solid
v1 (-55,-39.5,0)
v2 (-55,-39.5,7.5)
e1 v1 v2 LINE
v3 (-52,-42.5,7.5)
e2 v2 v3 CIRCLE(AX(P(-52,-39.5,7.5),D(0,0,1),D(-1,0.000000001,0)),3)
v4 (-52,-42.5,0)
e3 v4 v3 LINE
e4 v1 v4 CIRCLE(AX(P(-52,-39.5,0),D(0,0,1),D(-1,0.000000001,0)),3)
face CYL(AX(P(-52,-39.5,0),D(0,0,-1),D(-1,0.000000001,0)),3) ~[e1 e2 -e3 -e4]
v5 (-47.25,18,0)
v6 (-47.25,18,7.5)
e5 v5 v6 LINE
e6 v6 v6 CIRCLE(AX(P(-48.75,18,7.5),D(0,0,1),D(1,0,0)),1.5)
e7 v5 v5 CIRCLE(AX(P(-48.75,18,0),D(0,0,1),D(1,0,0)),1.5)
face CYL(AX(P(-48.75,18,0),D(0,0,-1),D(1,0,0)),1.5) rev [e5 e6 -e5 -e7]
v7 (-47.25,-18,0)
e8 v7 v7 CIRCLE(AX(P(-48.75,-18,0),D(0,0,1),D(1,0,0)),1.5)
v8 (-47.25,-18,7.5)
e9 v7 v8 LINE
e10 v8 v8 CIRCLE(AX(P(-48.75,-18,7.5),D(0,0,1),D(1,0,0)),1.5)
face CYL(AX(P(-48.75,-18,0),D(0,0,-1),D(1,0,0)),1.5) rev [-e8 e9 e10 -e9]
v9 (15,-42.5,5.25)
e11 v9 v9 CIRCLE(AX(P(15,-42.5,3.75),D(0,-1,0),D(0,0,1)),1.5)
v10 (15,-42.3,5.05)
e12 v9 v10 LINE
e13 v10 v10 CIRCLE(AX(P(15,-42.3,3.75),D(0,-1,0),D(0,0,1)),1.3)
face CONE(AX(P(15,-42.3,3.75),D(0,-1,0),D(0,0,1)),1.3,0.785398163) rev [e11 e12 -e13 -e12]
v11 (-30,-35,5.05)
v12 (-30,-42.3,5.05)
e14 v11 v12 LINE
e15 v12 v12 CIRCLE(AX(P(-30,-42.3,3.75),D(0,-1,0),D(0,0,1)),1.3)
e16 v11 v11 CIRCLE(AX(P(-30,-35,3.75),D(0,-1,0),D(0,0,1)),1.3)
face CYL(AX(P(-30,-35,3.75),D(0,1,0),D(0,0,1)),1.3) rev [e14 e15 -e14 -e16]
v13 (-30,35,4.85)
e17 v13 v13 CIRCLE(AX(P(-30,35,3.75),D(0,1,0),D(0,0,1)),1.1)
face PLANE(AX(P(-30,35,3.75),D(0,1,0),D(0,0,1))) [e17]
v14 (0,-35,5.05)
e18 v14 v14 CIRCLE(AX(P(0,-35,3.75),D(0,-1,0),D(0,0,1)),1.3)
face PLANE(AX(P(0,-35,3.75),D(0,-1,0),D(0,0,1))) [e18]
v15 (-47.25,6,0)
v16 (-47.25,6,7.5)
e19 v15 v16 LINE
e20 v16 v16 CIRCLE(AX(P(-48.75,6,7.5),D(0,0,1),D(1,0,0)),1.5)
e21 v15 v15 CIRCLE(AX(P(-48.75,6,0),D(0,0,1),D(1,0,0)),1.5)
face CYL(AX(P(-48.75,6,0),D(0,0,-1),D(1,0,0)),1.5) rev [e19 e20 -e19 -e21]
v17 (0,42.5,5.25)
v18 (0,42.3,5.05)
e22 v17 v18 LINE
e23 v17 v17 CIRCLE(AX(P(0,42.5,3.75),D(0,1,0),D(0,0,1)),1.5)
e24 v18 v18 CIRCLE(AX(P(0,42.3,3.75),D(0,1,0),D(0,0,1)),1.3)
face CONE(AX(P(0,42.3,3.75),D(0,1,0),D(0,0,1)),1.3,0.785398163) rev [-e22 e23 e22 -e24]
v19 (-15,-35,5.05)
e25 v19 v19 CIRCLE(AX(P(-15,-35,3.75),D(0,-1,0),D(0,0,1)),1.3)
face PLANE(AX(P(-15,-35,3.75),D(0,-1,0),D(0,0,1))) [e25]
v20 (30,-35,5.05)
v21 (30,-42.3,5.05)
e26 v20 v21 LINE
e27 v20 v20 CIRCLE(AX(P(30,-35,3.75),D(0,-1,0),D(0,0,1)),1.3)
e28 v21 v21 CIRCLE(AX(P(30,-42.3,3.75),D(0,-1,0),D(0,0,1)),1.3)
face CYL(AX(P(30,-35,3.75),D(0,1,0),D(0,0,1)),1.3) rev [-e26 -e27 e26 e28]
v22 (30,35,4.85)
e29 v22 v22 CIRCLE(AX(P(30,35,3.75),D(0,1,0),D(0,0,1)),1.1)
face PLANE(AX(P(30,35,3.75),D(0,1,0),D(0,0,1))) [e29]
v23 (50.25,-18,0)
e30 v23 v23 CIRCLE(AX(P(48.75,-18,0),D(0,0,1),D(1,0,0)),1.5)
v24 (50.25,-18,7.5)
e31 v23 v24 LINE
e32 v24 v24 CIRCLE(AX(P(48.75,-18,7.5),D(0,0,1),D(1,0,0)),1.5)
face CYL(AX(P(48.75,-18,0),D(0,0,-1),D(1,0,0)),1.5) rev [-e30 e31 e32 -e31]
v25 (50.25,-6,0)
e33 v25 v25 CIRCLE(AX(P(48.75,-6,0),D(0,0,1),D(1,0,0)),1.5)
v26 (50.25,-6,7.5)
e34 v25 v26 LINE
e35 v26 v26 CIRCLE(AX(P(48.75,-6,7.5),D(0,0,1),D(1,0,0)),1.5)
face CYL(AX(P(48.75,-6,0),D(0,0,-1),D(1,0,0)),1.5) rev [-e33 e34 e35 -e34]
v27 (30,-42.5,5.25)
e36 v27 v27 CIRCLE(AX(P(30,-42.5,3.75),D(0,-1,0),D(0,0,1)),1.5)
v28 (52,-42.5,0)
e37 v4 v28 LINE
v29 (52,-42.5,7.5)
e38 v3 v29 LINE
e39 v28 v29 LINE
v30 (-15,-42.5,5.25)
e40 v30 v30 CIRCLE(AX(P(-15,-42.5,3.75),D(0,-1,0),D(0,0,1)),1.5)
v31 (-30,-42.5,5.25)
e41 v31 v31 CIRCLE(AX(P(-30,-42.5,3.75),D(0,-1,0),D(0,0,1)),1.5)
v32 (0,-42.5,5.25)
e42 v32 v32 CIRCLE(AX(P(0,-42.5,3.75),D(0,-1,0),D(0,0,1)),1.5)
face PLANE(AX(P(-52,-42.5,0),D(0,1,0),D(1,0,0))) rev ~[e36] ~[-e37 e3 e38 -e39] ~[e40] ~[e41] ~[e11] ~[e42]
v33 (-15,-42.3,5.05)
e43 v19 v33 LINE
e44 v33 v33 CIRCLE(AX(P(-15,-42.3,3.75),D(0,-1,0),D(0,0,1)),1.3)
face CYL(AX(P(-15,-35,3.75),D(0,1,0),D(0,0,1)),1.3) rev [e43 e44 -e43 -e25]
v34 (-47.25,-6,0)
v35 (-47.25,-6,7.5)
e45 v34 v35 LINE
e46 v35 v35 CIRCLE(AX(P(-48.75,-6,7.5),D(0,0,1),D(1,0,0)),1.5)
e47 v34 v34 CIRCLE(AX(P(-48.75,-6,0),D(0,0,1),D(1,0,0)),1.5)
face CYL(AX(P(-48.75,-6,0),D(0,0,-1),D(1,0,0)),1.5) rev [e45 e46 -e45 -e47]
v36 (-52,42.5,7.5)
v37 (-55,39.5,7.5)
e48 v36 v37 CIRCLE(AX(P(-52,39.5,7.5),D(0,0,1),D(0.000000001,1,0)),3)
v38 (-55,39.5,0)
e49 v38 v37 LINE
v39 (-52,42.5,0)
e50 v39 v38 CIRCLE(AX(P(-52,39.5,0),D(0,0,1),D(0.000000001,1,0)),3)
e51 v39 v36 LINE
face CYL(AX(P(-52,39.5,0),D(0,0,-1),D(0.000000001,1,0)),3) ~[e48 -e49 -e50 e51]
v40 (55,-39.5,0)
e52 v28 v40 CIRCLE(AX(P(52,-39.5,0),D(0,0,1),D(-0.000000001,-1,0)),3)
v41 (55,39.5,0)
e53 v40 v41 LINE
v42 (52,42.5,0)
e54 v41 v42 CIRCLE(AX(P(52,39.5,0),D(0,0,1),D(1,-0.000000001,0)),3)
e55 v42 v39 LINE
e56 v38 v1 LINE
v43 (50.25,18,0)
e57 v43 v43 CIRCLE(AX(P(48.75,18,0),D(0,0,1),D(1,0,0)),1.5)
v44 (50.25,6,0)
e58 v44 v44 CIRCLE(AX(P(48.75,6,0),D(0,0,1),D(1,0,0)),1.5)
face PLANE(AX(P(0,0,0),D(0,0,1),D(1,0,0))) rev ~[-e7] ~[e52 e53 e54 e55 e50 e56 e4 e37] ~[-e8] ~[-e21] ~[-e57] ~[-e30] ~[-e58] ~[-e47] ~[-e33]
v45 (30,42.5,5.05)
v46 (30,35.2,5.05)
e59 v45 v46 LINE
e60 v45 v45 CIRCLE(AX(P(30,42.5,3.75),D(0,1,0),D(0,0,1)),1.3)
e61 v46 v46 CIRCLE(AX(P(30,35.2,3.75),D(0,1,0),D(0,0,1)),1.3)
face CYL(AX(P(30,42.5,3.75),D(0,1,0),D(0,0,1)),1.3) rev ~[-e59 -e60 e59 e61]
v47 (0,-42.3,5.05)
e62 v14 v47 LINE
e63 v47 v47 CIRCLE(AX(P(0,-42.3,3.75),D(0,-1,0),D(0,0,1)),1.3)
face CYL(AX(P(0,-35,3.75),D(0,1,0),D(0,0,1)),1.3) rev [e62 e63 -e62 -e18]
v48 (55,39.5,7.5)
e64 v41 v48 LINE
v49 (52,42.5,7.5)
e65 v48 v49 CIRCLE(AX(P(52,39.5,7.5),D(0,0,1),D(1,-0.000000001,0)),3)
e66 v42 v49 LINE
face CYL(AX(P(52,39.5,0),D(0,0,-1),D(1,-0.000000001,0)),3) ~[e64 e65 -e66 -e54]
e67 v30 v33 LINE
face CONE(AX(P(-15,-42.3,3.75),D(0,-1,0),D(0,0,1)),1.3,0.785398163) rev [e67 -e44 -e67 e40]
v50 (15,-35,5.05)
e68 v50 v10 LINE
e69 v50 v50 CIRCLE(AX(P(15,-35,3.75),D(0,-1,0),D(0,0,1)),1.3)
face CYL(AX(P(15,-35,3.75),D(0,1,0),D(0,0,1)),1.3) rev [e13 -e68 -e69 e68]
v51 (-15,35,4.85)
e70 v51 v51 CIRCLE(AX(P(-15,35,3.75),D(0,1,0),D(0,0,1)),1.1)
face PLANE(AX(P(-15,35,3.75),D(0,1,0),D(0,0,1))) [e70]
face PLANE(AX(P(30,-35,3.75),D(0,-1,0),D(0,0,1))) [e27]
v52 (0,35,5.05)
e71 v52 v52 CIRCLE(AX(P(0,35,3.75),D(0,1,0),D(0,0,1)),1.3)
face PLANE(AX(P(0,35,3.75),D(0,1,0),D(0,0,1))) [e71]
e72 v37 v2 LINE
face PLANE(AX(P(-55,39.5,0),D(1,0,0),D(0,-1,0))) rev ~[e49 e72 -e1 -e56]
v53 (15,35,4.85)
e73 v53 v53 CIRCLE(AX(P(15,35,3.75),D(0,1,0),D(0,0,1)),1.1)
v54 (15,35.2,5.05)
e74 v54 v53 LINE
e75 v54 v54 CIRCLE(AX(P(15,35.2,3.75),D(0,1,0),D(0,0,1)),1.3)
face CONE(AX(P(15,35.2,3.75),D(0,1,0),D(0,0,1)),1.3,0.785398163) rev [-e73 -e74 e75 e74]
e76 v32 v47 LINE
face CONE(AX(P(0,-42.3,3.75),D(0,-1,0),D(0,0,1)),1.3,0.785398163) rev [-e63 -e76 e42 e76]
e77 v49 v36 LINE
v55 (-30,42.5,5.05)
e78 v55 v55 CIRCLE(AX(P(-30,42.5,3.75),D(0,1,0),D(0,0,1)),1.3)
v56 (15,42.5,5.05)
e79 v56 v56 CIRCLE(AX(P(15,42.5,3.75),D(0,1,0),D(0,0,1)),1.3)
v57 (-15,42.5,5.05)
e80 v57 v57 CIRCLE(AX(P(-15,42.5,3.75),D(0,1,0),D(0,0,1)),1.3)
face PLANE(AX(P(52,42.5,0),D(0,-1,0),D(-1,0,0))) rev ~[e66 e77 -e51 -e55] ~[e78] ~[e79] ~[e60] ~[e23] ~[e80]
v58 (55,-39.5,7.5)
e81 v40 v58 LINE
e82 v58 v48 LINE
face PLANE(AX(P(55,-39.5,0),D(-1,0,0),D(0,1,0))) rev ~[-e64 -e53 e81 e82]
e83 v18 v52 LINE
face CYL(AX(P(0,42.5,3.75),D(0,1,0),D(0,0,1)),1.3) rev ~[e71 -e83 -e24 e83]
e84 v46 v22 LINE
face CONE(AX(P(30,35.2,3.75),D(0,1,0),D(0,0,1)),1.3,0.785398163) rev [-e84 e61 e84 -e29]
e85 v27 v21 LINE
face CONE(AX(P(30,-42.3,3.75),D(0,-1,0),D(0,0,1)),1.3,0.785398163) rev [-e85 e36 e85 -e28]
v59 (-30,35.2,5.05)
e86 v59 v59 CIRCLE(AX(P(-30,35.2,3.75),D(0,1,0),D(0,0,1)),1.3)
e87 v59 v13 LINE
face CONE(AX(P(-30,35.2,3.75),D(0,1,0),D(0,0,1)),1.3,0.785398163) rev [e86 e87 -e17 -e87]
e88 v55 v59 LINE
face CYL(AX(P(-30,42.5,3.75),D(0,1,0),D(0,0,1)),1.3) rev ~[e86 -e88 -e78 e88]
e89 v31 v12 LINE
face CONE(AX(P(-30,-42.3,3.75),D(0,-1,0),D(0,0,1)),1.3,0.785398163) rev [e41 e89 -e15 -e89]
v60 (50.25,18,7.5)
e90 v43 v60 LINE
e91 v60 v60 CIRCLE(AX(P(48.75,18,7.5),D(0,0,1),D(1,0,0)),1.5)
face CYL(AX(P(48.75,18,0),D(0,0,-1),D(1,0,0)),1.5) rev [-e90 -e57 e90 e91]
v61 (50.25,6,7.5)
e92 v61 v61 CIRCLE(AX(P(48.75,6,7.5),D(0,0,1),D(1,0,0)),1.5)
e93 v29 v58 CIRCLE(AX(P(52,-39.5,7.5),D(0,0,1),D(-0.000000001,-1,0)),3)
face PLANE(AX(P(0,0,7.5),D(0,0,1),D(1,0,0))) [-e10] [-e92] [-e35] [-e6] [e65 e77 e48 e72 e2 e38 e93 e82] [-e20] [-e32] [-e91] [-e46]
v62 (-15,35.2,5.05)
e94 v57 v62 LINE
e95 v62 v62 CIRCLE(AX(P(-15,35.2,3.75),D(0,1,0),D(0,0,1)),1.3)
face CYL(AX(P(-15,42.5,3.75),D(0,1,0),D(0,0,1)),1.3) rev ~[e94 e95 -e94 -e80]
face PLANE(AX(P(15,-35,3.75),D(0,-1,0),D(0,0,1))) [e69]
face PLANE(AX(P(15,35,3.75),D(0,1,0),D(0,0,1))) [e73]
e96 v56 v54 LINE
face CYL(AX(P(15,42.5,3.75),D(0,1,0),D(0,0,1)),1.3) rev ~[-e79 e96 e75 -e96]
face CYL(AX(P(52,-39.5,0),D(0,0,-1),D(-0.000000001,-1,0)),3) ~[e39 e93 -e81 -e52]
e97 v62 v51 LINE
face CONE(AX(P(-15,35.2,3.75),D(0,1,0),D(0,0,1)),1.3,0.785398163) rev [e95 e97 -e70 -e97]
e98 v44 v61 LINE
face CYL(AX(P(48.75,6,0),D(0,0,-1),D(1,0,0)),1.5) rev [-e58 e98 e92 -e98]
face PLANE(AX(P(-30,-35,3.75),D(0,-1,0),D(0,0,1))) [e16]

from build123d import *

# Parameters (mm, degrees)
SKETCH_1_R          = 1.5
EXTRUDE_1_DEPTH     = 7.5
SKETCH_2_R          = 1.3
CUT_EXTRUDE_1_DEPTH = 7.5
CUT_EXTRUDE_START   = -7.5
SKETCH_3_R          = 1.3
CUT_EXTRUDE_2_DEPTH = 7.5
CHAMFER_1_SIZE      = 0.2
CHAMFER_2_SIZE      = 0.2


with BuildPart() as part:
    # 草圖1 → 填料-伸長1 (new body)
    with BuildSketch(Plane.XY):
        with BuildLine():
            ThreePointArc((-55, -39.5), (-54.121320344, -41.621320344), (-52, -42.5))
            Line((-52, -42.5), (52, -42.5))
            ThreePointArc((52, -42.5), (54.121320344, -41.621320344), (55, -39.5))
            Line((55, -39.5), (55, 39.5))
            ThreePointArc((55, 39.5), (54.121320344, 41.621320344), (52, 42.5))
            Line((52, 42.5), (-52, 42.5))
            ThreePointArc((-52, 42.5), (-54.121320344, 41.621320344), (-55, 39.5))
            Line((-55, 39.5), (-55, -39.5))
        make_face()
        with Locations((-48.75, -18)):
            Circle(SKETCH_1_R, mode=Mode.SUBTRACT)
        with Locations((-48.75, -6)):
            Circle(SKETCH_1_R, mode=Mode.SUBTRACT)
        with Locations((48.75, -18)):
            Circle(SKETCH_1_R, mode=Mode.SUBTRACT)
        with Locations((48.75, -6)):
            Circle(SKETCH_1_R, mode=Mode.SUBTRACT)
        with Locations((-48.75, 6)):
            Circle(SKETCH_1_R, mode=Mode.SUBTRACT)
        with Locations((-48.75, 18)):
            Circle(SKETCH_1_R, mode=Mode.SUBTRACT)
        with Locations((48.75, 6)):
            Circle(SKETCH_1_R, mode=Mode.SUBTRACT)
        with Locations((48.75, 18)):
            Circle(SKETCH_1_R, mode=Mode.SUBTRACT)
    extrude(amount=EXTRUDE_1_DEPTH)

    # 草圖2 → 除料-伸長1 (cut)
    with BuildSketch(Plane(origin=(0, 42.5, 0), x_dir=(1, 0, 0), z_dir=(0, 1, 0))):
        with Locations((-15, -3.75)):
            Circle(SKETCH_2_R)
        with Locations((30, -3.75)):
            Circle(SKETCH_2_R)
        with Locations((0, -3.75)):
            Circle(SKETCH_2_R)
        with Locations((15, -3.75)):
            Circle(SKETCH_2_R)
        with Locations((-30, -3.75)):
            Circle(SKETCH_2_R)
    extrude(amount=-CUT_EXTRUDE_1_DEPTH, mode=Mode.SUBTRACT)

    # 草圖3 → 除料-伸長2 (cut)
    with BuildSketch(Plane(origin=(0, -42.5, 0), x_dir=(-1, 0, 0), z_dir=(0, -1, 0)).offset(CUT_EXTRUDE_START)):
        with Locations((15, -3.75)):
            Circle(SKETCH_3_R)
        with Locations((-30, -3.75)):
            Circle(SKETCH_3_R)
        with Locations((-15, -3.75)):
            Circle(SKETCH_3_R)
        with Locations((0, -3.75)):
            Circle(SKETCH_3_R)
        with Locations((30, -3.75)):
            Circle(SKETCH_3_R)
    extrude(amount=CUT_EXTRUDE_2_DEPTH, mode=Mode.SUBTRACT)

    # 導角1
    chamfer_1_edges = [part.edges().sort_by_distance(p)[0] for p in [
        (-31.3, 35, 3.75),
        (28.7, 35, 3.75),
        (13.7, 35, 3.75),
        (-1.3, 42.5, 3.75),
        (-16.3, 35, 3.75),
    ]]
    chamfer(chamfer_1_edges, length=CHAMFER_1_SIZE)

    # 導角2
    chamfer_2_edges = [part.edges().sort_by_distance(p)[0] for p in [
        (31.3, -42.5, 3.75),
        (16.3, -42.5, 3.75),
        (1.3, -42.5, 3.75),
        (-13.7, -42.5, 3.75),
        (-28.7, -42.5, 3.75),
    ]]
    chamfer(chamfer_2_edges, length=CHAMFER_2_SIZE)


solid = part.part
